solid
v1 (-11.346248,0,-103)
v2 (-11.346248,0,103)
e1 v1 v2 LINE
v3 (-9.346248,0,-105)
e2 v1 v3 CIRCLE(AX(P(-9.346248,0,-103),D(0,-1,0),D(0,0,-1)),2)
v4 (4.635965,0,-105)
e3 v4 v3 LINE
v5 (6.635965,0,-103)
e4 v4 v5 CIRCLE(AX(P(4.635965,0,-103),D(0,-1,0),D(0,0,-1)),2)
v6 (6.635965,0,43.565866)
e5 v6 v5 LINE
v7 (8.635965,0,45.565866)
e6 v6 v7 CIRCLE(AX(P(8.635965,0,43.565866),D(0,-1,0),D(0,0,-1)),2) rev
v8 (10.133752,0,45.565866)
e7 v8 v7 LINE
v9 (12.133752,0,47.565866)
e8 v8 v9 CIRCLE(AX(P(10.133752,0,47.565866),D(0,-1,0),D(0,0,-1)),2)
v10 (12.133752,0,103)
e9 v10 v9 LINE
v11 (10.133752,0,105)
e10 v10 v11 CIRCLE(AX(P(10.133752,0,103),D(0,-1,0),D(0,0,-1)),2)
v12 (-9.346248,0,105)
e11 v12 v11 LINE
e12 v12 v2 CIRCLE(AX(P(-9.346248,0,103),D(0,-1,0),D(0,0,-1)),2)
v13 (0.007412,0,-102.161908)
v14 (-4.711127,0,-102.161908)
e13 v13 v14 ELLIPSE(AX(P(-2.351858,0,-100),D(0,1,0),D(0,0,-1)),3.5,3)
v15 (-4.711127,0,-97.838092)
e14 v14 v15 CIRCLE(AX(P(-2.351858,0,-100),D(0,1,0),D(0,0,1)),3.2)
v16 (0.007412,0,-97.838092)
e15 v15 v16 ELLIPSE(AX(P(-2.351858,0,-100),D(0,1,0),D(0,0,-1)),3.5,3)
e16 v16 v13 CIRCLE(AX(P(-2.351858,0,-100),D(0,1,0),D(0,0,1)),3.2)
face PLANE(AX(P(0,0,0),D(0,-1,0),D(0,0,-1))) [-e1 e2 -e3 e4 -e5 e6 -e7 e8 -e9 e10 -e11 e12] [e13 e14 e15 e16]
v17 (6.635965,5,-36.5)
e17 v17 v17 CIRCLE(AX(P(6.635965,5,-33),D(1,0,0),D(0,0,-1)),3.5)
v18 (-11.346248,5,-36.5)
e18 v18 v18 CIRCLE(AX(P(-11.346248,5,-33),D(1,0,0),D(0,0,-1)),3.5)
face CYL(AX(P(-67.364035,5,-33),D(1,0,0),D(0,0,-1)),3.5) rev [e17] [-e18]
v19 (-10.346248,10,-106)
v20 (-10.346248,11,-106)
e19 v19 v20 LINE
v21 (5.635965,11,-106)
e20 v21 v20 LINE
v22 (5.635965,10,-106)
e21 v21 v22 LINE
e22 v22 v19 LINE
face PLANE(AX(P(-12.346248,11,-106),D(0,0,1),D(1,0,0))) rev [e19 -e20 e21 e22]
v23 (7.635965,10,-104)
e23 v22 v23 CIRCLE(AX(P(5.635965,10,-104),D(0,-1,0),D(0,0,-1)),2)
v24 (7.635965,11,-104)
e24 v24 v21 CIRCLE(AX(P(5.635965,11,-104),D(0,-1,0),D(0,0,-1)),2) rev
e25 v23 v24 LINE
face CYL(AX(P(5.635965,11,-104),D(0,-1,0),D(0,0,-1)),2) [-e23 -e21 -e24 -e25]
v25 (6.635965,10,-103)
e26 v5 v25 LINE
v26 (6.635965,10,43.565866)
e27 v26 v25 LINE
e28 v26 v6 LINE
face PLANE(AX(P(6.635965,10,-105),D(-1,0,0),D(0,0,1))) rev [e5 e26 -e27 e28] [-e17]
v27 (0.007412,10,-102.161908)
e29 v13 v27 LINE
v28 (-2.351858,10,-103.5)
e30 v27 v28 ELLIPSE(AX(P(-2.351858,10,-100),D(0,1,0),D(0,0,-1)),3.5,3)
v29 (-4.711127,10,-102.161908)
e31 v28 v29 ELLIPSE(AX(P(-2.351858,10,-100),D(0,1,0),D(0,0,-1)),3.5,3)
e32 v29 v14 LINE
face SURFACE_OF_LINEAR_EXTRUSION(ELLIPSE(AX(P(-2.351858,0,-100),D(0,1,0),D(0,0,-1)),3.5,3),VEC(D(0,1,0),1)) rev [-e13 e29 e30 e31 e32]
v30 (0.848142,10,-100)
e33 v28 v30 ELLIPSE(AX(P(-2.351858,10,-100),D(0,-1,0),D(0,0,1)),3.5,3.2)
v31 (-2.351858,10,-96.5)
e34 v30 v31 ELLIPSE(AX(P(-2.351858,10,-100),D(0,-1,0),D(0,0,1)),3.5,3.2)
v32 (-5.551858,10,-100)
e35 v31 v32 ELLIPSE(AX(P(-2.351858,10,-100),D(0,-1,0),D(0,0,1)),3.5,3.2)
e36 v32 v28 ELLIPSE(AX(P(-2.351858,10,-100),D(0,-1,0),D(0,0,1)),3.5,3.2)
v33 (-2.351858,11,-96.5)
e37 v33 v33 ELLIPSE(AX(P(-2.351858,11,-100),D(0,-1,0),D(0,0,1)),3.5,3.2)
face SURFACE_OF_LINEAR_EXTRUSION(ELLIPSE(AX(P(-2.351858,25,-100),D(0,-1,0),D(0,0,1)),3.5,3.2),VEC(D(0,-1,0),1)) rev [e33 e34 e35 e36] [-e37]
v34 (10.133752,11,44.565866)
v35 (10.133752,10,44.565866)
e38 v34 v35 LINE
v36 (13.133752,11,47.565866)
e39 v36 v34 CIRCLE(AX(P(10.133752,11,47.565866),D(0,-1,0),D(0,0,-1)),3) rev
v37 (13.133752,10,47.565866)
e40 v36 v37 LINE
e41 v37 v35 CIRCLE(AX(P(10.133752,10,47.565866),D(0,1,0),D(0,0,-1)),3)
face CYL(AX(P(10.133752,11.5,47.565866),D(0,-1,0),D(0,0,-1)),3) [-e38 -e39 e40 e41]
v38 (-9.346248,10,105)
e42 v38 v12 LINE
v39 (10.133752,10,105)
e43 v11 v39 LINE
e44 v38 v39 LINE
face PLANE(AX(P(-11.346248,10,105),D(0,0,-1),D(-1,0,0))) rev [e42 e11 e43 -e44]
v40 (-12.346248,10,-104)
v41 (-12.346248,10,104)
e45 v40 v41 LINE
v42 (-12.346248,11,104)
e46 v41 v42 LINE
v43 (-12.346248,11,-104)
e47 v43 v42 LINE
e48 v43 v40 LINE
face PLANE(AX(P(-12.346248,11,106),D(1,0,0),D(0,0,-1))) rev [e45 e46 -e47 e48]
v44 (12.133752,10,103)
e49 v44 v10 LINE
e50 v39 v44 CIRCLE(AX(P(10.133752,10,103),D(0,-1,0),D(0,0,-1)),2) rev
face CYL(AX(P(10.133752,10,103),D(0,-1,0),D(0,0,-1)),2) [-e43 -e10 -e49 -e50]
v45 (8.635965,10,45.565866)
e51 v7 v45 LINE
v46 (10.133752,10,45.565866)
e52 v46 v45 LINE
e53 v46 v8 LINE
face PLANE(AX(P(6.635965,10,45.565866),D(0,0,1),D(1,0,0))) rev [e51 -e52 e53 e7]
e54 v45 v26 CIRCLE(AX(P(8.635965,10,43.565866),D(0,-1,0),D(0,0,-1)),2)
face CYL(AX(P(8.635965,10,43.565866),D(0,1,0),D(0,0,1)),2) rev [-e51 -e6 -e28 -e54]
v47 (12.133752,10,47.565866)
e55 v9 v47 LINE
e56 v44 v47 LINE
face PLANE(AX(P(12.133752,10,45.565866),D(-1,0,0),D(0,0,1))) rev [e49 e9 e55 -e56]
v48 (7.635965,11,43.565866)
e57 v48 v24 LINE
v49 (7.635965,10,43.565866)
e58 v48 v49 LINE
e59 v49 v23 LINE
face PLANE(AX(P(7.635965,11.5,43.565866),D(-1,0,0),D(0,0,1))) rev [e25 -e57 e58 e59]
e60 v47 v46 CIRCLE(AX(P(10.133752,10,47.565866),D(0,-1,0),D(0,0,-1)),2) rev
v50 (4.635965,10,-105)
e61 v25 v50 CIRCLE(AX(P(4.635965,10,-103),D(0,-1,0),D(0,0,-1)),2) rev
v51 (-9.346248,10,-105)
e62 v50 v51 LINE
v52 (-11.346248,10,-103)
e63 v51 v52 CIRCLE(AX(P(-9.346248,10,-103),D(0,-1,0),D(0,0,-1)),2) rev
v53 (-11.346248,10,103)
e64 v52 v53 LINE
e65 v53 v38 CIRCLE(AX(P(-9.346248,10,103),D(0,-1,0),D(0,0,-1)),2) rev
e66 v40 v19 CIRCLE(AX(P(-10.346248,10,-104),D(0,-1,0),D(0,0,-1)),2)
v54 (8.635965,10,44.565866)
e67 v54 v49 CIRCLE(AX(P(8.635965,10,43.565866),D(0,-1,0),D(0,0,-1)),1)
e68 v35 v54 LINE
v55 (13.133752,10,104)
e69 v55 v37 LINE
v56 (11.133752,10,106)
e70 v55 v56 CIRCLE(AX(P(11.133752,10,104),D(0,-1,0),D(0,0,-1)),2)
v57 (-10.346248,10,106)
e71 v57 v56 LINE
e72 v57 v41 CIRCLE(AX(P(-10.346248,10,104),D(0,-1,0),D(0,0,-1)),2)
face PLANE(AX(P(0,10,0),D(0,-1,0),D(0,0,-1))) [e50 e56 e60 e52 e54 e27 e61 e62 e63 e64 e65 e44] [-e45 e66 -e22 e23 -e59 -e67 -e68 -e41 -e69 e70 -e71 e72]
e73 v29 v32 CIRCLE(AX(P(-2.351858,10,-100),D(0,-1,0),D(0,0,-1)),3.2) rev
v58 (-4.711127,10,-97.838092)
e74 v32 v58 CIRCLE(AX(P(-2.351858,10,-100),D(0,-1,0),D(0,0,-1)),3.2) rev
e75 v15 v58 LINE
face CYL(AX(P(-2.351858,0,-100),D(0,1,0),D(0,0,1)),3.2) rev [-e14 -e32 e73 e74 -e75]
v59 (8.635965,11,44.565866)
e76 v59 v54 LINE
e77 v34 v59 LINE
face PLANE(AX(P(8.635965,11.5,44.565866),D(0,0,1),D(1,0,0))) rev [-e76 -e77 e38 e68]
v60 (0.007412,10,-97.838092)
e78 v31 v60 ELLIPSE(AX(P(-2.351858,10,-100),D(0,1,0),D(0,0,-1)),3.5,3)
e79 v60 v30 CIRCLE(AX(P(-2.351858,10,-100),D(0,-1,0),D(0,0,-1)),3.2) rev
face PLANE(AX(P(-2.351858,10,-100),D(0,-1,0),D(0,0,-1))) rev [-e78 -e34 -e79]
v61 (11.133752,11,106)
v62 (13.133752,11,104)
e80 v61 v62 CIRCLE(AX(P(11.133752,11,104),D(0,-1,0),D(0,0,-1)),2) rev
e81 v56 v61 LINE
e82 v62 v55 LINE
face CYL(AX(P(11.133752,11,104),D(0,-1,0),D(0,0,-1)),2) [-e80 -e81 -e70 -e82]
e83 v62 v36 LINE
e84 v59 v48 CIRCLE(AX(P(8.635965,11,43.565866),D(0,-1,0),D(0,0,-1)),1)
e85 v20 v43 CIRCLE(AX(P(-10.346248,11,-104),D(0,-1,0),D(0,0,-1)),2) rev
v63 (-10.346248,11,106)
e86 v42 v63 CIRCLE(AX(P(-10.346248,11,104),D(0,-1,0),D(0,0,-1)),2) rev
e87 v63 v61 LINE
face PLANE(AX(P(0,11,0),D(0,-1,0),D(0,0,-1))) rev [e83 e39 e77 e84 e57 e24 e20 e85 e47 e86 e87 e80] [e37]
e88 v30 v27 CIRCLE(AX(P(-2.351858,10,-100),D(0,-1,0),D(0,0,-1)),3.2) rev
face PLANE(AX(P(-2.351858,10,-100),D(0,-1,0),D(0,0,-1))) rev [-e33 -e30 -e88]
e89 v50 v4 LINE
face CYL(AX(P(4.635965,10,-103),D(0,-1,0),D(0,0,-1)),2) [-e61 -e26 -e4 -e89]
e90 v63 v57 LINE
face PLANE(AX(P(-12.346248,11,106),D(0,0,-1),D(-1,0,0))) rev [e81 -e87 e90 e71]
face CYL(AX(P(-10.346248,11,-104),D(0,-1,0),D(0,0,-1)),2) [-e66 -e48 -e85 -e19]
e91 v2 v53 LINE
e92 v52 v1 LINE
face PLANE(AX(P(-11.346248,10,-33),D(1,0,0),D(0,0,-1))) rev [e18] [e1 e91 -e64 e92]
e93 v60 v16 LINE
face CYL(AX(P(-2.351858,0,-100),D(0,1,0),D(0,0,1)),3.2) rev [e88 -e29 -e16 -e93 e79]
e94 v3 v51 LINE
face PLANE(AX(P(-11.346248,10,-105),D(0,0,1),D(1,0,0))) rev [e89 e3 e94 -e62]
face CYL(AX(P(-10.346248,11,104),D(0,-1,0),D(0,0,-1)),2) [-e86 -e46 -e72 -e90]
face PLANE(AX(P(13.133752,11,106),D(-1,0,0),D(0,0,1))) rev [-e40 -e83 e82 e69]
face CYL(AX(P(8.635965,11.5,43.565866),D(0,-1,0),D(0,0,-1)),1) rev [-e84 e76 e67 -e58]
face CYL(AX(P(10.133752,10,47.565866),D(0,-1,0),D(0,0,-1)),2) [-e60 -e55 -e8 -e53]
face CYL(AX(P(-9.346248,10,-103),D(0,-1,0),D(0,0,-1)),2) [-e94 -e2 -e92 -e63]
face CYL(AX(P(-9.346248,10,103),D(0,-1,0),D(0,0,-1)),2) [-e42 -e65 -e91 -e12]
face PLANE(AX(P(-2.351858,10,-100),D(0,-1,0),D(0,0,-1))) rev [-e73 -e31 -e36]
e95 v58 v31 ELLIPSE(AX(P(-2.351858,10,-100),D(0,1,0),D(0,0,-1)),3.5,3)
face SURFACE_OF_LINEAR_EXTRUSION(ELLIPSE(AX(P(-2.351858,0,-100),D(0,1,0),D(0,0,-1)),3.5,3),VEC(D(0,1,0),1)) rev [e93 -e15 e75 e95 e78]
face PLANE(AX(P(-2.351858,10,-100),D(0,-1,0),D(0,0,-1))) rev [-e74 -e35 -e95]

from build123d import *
from build123d.topology import SkipClean

# Parameters (mm, degrees)
BOSS_EXTRU_1_DEPTH      = 10
ESQUISSE2_R             = 3.5
ENL_V_MAT_EXTRU_1_DEPTH = 74
ESQUISSE3_RX            = 3.5
ESQUISSE3_RY            = 3
ENL_V_MAT_EXTRU_2_DEPTH = 10
ESQUISSE4_R             = 3.2
ENL_V_MAT_EXTRU_3_DEPTH = 10
CONG_1_R                = 2
ESQUISSE5_W             = 25.48
ESQUISSE5_H             = 212
BOSS_EXTRU_2_DEPTH      = 1
CONG_2_R                = 2
ENL_V_MAT_EXTRU_4_DEPTH = 1.5
CONG_3_R                = 2
ENL_V_START             = -15
ESQUISSE9_R             = 3.2
ENL_V_MAT_EXTRU_7_DEPTH = 15
ESQUISSE11_RX           = 3.5
ESQUISSE11_RY           = 3.2
ENL_V_MAT_EXTRU_8_DEPTH = 15


with BuildPart() as part:
    # Esquisse1 → Boss.-Extru.1 (new body)
    with BuildSketch(Plane(origin=(0, 0, 0), x_dir=(1, 0, 0), z_dir=(0, 1, 0))):
        Polygon((-11.346248362, 33), (-11.346248362, -105), (12.133751638, -105), (12.133751638, -45.565866313), (6.635965382, -45.565866313), (6.635965382, -45.003296656), (6.635965382, 33), (6.635965382, 105), (-11.346248362, 105), align=None)
    extrude(amount=BOSS_EXTRU_1_DEPTH)

    # Esquisse2 → Enlèv. mat.-Extru.1 (cut)
    with BuildSketch(Plane(origin=(6.635965382, 0, 0), x_dir=(0, 0, -1), z_dir=(1, 0, 0))):
        with Locations((33, 5)):
            Circle(ESQUISSE2_R)
    extrude(amount=-ENL_V_MAT_EXTRU_1_DEPTH, mode=Mode.SUBTRACT)

    # Esquisse3 → Enlèv. mat.-Extru.2 (cut)
    with BuildSketch(Plane(origin=(0, 10, 0), x_dir=(1, 0, 0), z_dir=(0, 1, 0))):
        with Locations(Location((-2.351857607, 100), (0, 0, 90))):
            Ellipse(ESQUISSE3_RX, ESQUISSE3_RY)
    extrude(amount=-ENL_V_MAT_EXTRU_2_DEPTH, mode=Mode.SUBTRACT)

    # Esquisse4 → Enlèv. mat.-Extru.3 (cut)
    with BuildSketch(Plane(origin=(0, 10, 0), x_dir=(1, 0, 0), z_dir=(0, 1, 0))):
        with Locations((-2.351857607, 100)):
            Circle(ESQUISSE4_R)
    extrude(amount=-ENL_V_MAT_EXTRU_3_DEPTH, mode=Mode.SUBTRACT)

    # Congé1
    cong_1_edges = [part.edges().sort_by_distance(p)[0] for p in [
        (-11.346248362, 5, -105),
        (6.635965382, 5, -105),
        (6.635965382, 5, 45.565866313),
        (12.133751638, 5, 45.565866313),
        (12.133751638, 5, 105),
        (-11.346248362, 5, 105),
    ]]
    fillet(cong_1_edges, radius=CONG_1_R)

    # Esquisse5 → Boss.-Extru.2 (add)
    with BuildSketch(Plane(origin=(0, 10, 0), x_dir=(1, 0, 0), z_dir=(0, 1, 0))):
        with Locations((0.393751638, 0)):
            Rectangle(ESQUISSE5_W, ESQUISSE5_H)
    extrude(amount=BOSS_EXTRU_2_DEPTH)

    # Congé2
    cong_2_edges = [part.edges().sort_by_distance(p)[0] for p in [
        (-12.346248362, 10.5, -106),
        (-12.346248362, 10.5, 106),
        (13.133751638, 10.5, 106),
        (13.133751638, 10.5, -106),
    ]]
    fillet(cong_2_edges, radius=CONG_2_R)

    # Esquisse6 → Enlèv. mat.-Extru.4 (cut)
    with BuildSketch(Plane(origin=(0, 10, 0), x_dir=(-1, 0, 0), z_dir=(0, -1, 0))):
        with BuildLine():
            Line((-7.635965382, -43.565866313), (-7.635965382, 107.135147465))
            Line((-7.635965382, 107.135147465), (-14.314001159, 107.135147465))
            Line((-14.314001159, 107.135147465), (-14.314001159, -43.565866313))
            Line((-14.314001159, -43.565866313), (-13.133751638, -47.565866313))
            ThreePointArc((-13.133751638, -47.565866313), (-12.255071982, -45.44454597), (-10.133751638, -44.565866313))
            Line((-10.133751638, -44.565866313), (-8.635965382, -44.565866313))
            ThreePointArc((-8.635965382, -44.565866313), (-7.928858601, -44.272973094), (-7.635965382, -43.565866313))
        make_face()
    extrude(amount=-ENL_V_MAT_EXTRU_4_DEPTH, mode=Mode.SUBTRACT)

    # Congé3
    cong_3_edges = [part.edges().sort_by_distance(p)[0] for p in [
        (7.635965382, 10.5, -106),
    ]]
    fillet(cong_3_edges, radius=CONG_3_R)

    # Esquisse9 → Enlèv. mat.-Extru.7 (cut)
    with SkipClean():  # the faces are left unmerged after this step: merging them gives an invalid solid
        with BuildSketch(Plane.XZ.offset(ENL_V_START)):
            with Locations(Location((-2.351857607, -100, 0), (0, 0, 137.49953069))):
                Circle(ESQUISSE9_R)
        extrude(amount=ENL_V_MAT_EXTRU_7_DEPTH, mode=Mode.SUBTRACT)

    # Esquisse11 → Enlèv. mat.-Extru.8 (cut)
    with BuildSketch(Plane(origin=(0, 10, 0), x_dir=(-1, 0, 0), z_dir=(0, -1, 0))):
        with Locations(Location((2.351857607, 100), (0, 0, -90))):
            Ellipse(ESQUISSE11_RX, ESQUISSE11_RY)
    extrude(amount=-ENL_V_MAT_EXTRU_8_DEPTH, mode=Mode.SUBTRACT)


solid = part.part
